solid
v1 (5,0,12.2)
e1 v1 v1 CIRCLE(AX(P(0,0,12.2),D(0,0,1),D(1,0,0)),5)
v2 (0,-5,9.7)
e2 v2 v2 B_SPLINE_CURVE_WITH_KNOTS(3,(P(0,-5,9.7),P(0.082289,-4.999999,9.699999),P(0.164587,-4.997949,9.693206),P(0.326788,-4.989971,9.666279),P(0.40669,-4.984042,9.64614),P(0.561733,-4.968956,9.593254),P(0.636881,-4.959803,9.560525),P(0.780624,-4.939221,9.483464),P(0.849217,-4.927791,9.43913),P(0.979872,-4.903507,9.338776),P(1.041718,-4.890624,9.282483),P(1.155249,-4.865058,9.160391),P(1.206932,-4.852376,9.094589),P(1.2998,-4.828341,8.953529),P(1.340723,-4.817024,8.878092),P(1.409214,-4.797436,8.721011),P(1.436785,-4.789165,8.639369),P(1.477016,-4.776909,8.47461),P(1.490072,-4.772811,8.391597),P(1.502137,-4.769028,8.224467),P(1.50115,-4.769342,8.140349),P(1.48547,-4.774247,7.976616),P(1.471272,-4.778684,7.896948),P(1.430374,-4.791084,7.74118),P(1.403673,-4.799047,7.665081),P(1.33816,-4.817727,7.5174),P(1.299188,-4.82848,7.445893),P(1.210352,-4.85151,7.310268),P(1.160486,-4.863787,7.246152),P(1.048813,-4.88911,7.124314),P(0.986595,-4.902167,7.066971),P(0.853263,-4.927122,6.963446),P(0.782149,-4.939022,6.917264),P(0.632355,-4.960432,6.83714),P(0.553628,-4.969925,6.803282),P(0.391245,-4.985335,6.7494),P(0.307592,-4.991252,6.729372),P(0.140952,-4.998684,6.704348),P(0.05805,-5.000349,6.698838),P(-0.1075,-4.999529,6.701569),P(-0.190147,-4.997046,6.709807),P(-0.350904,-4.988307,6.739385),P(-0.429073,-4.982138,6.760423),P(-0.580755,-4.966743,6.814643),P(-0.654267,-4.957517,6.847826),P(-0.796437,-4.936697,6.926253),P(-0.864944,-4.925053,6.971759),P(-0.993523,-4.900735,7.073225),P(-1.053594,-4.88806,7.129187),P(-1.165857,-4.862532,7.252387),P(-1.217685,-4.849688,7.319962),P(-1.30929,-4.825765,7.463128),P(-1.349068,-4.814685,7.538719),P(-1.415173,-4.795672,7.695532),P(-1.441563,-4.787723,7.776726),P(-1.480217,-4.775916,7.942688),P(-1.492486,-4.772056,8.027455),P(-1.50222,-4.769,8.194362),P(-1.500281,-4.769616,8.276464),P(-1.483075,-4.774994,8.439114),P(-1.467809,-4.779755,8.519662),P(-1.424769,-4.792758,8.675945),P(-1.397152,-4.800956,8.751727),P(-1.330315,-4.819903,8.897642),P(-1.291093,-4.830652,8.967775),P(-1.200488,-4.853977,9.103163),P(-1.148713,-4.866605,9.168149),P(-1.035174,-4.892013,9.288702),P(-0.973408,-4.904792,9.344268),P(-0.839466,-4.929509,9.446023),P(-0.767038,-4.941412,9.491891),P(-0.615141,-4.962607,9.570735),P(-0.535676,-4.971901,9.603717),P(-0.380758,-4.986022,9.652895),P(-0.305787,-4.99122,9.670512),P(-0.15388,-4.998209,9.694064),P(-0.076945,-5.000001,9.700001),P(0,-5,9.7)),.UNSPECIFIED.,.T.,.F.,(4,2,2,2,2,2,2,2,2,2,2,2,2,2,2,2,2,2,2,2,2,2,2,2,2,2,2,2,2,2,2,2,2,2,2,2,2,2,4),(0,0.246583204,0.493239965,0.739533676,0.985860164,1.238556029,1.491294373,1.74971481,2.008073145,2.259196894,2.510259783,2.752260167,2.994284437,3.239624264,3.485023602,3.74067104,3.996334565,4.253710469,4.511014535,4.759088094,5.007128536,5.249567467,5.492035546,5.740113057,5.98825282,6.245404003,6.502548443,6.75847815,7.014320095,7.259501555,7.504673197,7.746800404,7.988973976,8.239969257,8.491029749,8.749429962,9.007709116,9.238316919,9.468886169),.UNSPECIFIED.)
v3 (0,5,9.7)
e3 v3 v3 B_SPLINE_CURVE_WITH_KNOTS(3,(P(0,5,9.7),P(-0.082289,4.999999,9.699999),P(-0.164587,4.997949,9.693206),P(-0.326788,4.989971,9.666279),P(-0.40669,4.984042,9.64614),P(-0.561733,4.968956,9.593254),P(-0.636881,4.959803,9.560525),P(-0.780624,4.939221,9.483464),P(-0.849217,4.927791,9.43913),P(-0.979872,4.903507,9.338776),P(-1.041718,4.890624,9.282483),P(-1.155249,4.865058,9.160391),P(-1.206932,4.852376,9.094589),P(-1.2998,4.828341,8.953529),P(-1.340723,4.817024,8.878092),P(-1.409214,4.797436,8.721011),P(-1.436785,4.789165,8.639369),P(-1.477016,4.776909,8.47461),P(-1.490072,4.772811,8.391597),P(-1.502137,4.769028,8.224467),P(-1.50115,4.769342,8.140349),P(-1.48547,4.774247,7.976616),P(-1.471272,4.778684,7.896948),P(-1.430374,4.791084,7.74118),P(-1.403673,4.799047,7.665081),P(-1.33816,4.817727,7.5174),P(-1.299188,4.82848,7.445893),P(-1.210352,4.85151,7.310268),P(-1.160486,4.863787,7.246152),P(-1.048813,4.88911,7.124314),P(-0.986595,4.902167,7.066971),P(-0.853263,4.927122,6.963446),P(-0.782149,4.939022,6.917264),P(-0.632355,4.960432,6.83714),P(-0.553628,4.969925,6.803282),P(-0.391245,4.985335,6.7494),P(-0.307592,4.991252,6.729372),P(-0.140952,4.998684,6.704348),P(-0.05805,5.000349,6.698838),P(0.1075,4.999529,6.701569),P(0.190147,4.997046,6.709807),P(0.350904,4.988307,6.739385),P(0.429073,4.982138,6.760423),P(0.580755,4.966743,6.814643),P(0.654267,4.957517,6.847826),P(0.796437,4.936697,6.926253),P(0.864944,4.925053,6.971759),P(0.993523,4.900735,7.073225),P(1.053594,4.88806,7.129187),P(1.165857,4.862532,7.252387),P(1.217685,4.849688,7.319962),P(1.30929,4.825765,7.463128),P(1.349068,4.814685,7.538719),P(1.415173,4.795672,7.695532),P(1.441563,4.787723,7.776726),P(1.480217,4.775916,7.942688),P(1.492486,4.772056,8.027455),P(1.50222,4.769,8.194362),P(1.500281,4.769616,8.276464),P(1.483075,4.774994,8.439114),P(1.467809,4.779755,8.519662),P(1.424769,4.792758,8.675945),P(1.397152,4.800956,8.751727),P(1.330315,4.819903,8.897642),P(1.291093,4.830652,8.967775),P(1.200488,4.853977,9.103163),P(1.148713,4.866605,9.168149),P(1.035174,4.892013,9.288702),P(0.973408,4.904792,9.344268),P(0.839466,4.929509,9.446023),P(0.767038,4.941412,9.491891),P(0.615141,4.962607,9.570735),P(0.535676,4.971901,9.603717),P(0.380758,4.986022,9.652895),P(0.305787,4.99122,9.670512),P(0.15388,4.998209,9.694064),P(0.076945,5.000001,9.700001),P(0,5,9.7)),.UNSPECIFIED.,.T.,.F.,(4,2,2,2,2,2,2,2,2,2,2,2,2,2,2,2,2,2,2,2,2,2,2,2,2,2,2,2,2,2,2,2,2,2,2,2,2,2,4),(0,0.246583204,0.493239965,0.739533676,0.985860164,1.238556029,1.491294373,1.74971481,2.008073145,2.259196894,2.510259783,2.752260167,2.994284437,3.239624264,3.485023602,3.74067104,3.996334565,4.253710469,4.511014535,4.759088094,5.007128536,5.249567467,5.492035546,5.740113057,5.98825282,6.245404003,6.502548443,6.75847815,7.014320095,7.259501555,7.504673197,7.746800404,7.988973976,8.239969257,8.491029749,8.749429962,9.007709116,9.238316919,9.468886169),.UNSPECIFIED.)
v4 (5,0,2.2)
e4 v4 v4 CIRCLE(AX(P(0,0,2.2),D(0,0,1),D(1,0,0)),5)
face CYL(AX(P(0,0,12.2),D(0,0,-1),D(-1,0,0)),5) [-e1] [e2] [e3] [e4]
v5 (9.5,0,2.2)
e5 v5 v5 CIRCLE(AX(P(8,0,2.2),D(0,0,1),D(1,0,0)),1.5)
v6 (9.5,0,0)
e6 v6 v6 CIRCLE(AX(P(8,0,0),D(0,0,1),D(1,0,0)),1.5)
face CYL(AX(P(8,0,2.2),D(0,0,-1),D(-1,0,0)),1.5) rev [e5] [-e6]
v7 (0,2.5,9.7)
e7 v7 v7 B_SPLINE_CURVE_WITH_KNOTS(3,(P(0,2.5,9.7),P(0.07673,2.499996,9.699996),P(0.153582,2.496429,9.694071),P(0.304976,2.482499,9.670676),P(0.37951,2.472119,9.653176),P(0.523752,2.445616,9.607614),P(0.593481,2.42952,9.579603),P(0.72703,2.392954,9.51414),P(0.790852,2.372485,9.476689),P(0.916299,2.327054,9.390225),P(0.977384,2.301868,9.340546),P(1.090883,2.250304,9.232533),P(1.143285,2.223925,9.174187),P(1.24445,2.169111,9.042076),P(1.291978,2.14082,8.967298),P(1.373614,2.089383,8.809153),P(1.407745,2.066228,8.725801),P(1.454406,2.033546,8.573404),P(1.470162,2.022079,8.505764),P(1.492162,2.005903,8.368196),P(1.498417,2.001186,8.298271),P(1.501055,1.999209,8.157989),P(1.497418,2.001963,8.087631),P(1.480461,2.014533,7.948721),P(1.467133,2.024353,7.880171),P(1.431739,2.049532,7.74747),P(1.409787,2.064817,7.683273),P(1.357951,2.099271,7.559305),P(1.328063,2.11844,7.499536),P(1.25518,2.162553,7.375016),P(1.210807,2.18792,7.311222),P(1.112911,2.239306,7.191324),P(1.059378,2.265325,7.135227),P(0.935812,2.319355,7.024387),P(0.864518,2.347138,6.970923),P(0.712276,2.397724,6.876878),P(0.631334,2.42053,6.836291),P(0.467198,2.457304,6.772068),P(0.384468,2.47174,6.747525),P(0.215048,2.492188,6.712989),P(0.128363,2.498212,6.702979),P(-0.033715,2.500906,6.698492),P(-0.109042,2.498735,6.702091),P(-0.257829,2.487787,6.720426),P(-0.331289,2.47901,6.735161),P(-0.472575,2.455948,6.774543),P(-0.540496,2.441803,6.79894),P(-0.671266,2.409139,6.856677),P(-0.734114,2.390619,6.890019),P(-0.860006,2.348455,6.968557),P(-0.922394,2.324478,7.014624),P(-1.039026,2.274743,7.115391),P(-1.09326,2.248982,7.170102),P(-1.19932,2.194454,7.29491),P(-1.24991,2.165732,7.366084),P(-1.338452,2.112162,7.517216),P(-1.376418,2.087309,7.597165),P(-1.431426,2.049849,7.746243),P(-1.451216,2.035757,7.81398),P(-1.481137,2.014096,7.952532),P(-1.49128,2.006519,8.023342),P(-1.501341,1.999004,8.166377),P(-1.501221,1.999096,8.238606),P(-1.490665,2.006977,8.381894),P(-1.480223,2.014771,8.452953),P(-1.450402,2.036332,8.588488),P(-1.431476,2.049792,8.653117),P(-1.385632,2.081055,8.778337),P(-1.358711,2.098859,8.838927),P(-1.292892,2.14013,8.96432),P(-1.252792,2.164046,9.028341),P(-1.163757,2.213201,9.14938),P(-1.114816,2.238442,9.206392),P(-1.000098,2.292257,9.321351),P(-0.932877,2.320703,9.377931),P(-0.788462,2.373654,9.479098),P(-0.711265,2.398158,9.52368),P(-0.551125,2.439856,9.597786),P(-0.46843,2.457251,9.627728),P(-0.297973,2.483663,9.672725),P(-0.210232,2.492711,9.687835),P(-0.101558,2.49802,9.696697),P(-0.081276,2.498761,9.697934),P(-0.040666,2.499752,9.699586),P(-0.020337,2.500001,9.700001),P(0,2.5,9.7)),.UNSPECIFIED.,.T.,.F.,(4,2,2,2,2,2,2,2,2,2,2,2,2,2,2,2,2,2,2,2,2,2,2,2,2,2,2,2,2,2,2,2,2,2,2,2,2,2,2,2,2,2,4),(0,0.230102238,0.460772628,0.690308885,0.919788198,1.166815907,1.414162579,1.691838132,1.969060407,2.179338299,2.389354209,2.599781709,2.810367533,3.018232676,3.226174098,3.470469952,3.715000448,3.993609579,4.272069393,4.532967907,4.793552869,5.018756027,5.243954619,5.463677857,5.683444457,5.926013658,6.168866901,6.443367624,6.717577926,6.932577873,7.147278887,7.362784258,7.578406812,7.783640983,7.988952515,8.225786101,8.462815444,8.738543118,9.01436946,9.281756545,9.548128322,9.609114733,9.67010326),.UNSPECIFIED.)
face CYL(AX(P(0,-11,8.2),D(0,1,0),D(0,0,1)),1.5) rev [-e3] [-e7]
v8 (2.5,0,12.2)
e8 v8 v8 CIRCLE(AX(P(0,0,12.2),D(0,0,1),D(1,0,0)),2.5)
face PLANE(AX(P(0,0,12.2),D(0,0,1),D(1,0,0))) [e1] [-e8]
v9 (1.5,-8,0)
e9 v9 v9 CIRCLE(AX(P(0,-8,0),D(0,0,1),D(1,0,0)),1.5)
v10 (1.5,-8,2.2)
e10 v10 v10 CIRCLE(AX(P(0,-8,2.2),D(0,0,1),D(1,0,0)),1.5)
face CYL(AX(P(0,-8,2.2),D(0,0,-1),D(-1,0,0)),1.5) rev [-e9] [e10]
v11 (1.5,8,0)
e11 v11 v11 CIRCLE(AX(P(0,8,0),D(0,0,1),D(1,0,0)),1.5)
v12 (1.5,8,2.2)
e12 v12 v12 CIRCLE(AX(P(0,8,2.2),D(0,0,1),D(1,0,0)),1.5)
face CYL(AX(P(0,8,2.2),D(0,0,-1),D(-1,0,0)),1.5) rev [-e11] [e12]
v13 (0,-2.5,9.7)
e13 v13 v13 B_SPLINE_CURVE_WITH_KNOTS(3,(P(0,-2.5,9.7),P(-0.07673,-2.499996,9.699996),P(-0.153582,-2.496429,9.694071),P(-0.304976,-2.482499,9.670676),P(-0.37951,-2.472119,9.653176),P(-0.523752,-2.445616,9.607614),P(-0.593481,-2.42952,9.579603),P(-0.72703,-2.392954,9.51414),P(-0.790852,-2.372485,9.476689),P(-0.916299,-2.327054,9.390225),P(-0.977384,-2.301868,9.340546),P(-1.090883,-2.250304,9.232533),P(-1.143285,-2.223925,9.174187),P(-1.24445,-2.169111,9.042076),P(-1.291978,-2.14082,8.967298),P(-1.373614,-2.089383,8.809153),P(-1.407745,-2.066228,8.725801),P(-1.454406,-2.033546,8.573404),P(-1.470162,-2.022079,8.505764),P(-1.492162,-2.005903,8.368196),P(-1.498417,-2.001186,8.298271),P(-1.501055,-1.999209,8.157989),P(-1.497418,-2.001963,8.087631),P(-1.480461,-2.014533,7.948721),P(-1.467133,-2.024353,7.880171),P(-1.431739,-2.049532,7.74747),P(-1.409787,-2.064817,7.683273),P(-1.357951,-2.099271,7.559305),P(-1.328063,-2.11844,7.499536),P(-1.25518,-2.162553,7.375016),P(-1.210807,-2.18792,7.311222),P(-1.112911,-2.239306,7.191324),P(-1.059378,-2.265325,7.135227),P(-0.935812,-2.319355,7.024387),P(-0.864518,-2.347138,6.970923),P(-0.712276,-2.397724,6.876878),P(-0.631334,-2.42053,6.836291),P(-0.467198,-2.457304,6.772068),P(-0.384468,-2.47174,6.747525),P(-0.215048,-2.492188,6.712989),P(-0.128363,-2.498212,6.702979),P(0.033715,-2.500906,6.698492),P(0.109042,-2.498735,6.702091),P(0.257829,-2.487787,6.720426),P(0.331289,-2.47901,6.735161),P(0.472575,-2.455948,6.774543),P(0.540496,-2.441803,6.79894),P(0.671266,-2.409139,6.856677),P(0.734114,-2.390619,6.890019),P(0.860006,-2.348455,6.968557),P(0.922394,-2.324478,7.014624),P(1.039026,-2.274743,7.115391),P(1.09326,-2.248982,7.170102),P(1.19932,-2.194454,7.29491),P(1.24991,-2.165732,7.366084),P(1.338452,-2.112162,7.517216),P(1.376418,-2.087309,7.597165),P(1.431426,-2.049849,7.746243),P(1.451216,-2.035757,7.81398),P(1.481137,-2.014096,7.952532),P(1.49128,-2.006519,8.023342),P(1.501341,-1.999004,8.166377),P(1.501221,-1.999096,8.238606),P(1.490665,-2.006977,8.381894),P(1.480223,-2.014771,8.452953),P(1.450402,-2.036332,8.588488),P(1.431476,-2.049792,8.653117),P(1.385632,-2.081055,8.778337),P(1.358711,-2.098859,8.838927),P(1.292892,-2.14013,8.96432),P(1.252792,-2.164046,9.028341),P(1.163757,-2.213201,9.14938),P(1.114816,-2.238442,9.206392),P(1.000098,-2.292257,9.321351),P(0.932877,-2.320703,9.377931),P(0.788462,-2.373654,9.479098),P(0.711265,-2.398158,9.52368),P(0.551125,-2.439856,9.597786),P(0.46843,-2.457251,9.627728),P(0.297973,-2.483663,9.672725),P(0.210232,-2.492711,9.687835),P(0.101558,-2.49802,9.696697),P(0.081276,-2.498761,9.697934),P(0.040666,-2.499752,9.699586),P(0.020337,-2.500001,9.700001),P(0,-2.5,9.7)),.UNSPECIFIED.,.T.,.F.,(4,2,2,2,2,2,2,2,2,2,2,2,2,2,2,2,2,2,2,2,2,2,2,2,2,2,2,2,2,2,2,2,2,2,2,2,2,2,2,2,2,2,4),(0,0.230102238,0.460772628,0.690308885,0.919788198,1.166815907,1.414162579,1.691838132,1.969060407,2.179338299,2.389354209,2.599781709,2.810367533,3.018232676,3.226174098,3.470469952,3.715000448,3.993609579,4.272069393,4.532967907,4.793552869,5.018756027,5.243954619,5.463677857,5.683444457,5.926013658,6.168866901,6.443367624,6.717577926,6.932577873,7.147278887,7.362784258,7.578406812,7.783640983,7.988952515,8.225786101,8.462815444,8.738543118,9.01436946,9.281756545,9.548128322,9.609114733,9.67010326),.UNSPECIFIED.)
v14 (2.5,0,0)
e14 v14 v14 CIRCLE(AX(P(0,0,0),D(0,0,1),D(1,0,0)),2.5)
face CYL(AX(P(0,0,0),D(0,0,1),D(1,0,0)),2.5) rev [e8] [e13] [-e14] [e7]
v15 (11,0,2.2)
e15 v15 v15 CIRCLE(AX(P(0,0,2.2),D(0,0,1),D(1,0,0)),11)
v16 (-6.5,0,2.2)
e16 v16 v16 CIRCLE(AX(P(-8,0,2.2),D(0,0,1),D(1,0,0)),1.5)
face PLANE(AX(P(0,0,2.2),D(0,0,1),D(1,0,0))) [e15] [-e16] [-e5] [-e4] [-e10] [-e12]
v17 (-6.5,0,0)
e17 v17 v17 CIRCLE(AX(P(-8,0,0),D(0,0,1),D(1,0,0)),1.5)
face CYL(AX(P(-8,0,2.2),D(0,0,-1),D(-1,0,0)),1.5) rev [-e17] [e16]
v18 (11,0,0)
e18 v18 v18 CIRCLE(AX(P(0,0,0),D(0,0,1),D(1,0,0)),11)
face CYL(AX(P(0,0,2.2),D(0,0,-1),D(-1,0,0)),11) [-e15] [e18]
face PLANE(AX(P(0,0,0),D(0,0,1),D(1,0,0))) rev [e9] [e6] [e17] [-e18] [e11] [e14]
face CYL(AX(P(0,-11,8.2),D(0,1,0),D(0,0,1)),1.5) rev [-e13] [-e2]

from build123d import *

# Parameters (mm, degrees)
SKETCH_1_R               = 11
SKETCH_1_R_2             = 1.5
EXTRUDE_1_DEPTH          = 2.2
SKETCH_2_R               = 5
EXTRUDE_2_DEPTH          = 10
SKETCH_3_R               = 2.5
CUT_EXTRUDE_1_DEPTH      = 20.769673745
CUT_EXTRUDE_2_DEPTH      = 20.769673745
CUT_EXTRUDE_2_DEPTH_BACK = 20.769673745


with BuildPart() as part:
    # 草图1 → 凸台-拉伸1 (new body)
    with BuildSketch(Plane.XY):
        Circle(SKETCH_1_R)
        with Locations((0, 8)):
            Circle(SKETCH_1_R_2, mode=Mode.SUBTRACT)
        with Locations((8, 0)):
            Circle(SKETCH_1_R_2, mode=Mode.SUBTRACT)
        with Locations((0, -8)):
            Circle(SKETCH_1_R_2, mode=Mode.SUBTRACT)
        with Locations((-8, 0)):
            Circle(SKETCH_1_R_2, mode=Mode.SUBTRACT)
    extrude(amount=EXTRUDE_1_DEPTH)

    # 草图2 → 凸台-拉伸2 (add)
    with BuildSketch(Plane.XY.offset(2.2)):
        Circle(SKETCH_2_R)
    extrude(amount=EXTRUDE_2_DEPTH)

    # 草图3 → 切除-拉伸1 (cut, through all)
    with BuildSketch(Plane.XY.offset(12.2)):
        Circle(SKETCH_3_R)
    extrude(amount=-CUT_EXTRUDE_1_DEPTH, mode=Mode.SUBTRACT)

    # 草图4 → 切除-拉伸2 (cut, two sides: drawn at the far end of the back side and taken through both)
    with BuildSketch(Plane(origin=(0, 0, 0), x_dir=(1, 0, 0), z_dir=(0, 1, 0)).offset(-CUT_EXTRUDE_2_DEPTH_BACK)):
        with BuildLine():
            ThreePointArc((1.5, -8.2), (1.060660172, -7.139339828), (0, -6.7))
            Line((0, -6.7), (0, -9.7))
            ThreePointArc((0, -9.7), (1.060660172, -9.260660172), (1.5, -8.2))
        make_face()
        with BuildLine():
            Line((0, -9.7), (0, -6.7))
            ThreePointArc((0, -6.7), (-1.5, -8.2), (0, -9.7))
        make_face()
    extrude(amount=CUT_EXTRUDE_2_DEPTH + CUT_EXTRUDE_2_DEPTH_BACK, mode=Mode.SUBTRACT)


solid = part.part
